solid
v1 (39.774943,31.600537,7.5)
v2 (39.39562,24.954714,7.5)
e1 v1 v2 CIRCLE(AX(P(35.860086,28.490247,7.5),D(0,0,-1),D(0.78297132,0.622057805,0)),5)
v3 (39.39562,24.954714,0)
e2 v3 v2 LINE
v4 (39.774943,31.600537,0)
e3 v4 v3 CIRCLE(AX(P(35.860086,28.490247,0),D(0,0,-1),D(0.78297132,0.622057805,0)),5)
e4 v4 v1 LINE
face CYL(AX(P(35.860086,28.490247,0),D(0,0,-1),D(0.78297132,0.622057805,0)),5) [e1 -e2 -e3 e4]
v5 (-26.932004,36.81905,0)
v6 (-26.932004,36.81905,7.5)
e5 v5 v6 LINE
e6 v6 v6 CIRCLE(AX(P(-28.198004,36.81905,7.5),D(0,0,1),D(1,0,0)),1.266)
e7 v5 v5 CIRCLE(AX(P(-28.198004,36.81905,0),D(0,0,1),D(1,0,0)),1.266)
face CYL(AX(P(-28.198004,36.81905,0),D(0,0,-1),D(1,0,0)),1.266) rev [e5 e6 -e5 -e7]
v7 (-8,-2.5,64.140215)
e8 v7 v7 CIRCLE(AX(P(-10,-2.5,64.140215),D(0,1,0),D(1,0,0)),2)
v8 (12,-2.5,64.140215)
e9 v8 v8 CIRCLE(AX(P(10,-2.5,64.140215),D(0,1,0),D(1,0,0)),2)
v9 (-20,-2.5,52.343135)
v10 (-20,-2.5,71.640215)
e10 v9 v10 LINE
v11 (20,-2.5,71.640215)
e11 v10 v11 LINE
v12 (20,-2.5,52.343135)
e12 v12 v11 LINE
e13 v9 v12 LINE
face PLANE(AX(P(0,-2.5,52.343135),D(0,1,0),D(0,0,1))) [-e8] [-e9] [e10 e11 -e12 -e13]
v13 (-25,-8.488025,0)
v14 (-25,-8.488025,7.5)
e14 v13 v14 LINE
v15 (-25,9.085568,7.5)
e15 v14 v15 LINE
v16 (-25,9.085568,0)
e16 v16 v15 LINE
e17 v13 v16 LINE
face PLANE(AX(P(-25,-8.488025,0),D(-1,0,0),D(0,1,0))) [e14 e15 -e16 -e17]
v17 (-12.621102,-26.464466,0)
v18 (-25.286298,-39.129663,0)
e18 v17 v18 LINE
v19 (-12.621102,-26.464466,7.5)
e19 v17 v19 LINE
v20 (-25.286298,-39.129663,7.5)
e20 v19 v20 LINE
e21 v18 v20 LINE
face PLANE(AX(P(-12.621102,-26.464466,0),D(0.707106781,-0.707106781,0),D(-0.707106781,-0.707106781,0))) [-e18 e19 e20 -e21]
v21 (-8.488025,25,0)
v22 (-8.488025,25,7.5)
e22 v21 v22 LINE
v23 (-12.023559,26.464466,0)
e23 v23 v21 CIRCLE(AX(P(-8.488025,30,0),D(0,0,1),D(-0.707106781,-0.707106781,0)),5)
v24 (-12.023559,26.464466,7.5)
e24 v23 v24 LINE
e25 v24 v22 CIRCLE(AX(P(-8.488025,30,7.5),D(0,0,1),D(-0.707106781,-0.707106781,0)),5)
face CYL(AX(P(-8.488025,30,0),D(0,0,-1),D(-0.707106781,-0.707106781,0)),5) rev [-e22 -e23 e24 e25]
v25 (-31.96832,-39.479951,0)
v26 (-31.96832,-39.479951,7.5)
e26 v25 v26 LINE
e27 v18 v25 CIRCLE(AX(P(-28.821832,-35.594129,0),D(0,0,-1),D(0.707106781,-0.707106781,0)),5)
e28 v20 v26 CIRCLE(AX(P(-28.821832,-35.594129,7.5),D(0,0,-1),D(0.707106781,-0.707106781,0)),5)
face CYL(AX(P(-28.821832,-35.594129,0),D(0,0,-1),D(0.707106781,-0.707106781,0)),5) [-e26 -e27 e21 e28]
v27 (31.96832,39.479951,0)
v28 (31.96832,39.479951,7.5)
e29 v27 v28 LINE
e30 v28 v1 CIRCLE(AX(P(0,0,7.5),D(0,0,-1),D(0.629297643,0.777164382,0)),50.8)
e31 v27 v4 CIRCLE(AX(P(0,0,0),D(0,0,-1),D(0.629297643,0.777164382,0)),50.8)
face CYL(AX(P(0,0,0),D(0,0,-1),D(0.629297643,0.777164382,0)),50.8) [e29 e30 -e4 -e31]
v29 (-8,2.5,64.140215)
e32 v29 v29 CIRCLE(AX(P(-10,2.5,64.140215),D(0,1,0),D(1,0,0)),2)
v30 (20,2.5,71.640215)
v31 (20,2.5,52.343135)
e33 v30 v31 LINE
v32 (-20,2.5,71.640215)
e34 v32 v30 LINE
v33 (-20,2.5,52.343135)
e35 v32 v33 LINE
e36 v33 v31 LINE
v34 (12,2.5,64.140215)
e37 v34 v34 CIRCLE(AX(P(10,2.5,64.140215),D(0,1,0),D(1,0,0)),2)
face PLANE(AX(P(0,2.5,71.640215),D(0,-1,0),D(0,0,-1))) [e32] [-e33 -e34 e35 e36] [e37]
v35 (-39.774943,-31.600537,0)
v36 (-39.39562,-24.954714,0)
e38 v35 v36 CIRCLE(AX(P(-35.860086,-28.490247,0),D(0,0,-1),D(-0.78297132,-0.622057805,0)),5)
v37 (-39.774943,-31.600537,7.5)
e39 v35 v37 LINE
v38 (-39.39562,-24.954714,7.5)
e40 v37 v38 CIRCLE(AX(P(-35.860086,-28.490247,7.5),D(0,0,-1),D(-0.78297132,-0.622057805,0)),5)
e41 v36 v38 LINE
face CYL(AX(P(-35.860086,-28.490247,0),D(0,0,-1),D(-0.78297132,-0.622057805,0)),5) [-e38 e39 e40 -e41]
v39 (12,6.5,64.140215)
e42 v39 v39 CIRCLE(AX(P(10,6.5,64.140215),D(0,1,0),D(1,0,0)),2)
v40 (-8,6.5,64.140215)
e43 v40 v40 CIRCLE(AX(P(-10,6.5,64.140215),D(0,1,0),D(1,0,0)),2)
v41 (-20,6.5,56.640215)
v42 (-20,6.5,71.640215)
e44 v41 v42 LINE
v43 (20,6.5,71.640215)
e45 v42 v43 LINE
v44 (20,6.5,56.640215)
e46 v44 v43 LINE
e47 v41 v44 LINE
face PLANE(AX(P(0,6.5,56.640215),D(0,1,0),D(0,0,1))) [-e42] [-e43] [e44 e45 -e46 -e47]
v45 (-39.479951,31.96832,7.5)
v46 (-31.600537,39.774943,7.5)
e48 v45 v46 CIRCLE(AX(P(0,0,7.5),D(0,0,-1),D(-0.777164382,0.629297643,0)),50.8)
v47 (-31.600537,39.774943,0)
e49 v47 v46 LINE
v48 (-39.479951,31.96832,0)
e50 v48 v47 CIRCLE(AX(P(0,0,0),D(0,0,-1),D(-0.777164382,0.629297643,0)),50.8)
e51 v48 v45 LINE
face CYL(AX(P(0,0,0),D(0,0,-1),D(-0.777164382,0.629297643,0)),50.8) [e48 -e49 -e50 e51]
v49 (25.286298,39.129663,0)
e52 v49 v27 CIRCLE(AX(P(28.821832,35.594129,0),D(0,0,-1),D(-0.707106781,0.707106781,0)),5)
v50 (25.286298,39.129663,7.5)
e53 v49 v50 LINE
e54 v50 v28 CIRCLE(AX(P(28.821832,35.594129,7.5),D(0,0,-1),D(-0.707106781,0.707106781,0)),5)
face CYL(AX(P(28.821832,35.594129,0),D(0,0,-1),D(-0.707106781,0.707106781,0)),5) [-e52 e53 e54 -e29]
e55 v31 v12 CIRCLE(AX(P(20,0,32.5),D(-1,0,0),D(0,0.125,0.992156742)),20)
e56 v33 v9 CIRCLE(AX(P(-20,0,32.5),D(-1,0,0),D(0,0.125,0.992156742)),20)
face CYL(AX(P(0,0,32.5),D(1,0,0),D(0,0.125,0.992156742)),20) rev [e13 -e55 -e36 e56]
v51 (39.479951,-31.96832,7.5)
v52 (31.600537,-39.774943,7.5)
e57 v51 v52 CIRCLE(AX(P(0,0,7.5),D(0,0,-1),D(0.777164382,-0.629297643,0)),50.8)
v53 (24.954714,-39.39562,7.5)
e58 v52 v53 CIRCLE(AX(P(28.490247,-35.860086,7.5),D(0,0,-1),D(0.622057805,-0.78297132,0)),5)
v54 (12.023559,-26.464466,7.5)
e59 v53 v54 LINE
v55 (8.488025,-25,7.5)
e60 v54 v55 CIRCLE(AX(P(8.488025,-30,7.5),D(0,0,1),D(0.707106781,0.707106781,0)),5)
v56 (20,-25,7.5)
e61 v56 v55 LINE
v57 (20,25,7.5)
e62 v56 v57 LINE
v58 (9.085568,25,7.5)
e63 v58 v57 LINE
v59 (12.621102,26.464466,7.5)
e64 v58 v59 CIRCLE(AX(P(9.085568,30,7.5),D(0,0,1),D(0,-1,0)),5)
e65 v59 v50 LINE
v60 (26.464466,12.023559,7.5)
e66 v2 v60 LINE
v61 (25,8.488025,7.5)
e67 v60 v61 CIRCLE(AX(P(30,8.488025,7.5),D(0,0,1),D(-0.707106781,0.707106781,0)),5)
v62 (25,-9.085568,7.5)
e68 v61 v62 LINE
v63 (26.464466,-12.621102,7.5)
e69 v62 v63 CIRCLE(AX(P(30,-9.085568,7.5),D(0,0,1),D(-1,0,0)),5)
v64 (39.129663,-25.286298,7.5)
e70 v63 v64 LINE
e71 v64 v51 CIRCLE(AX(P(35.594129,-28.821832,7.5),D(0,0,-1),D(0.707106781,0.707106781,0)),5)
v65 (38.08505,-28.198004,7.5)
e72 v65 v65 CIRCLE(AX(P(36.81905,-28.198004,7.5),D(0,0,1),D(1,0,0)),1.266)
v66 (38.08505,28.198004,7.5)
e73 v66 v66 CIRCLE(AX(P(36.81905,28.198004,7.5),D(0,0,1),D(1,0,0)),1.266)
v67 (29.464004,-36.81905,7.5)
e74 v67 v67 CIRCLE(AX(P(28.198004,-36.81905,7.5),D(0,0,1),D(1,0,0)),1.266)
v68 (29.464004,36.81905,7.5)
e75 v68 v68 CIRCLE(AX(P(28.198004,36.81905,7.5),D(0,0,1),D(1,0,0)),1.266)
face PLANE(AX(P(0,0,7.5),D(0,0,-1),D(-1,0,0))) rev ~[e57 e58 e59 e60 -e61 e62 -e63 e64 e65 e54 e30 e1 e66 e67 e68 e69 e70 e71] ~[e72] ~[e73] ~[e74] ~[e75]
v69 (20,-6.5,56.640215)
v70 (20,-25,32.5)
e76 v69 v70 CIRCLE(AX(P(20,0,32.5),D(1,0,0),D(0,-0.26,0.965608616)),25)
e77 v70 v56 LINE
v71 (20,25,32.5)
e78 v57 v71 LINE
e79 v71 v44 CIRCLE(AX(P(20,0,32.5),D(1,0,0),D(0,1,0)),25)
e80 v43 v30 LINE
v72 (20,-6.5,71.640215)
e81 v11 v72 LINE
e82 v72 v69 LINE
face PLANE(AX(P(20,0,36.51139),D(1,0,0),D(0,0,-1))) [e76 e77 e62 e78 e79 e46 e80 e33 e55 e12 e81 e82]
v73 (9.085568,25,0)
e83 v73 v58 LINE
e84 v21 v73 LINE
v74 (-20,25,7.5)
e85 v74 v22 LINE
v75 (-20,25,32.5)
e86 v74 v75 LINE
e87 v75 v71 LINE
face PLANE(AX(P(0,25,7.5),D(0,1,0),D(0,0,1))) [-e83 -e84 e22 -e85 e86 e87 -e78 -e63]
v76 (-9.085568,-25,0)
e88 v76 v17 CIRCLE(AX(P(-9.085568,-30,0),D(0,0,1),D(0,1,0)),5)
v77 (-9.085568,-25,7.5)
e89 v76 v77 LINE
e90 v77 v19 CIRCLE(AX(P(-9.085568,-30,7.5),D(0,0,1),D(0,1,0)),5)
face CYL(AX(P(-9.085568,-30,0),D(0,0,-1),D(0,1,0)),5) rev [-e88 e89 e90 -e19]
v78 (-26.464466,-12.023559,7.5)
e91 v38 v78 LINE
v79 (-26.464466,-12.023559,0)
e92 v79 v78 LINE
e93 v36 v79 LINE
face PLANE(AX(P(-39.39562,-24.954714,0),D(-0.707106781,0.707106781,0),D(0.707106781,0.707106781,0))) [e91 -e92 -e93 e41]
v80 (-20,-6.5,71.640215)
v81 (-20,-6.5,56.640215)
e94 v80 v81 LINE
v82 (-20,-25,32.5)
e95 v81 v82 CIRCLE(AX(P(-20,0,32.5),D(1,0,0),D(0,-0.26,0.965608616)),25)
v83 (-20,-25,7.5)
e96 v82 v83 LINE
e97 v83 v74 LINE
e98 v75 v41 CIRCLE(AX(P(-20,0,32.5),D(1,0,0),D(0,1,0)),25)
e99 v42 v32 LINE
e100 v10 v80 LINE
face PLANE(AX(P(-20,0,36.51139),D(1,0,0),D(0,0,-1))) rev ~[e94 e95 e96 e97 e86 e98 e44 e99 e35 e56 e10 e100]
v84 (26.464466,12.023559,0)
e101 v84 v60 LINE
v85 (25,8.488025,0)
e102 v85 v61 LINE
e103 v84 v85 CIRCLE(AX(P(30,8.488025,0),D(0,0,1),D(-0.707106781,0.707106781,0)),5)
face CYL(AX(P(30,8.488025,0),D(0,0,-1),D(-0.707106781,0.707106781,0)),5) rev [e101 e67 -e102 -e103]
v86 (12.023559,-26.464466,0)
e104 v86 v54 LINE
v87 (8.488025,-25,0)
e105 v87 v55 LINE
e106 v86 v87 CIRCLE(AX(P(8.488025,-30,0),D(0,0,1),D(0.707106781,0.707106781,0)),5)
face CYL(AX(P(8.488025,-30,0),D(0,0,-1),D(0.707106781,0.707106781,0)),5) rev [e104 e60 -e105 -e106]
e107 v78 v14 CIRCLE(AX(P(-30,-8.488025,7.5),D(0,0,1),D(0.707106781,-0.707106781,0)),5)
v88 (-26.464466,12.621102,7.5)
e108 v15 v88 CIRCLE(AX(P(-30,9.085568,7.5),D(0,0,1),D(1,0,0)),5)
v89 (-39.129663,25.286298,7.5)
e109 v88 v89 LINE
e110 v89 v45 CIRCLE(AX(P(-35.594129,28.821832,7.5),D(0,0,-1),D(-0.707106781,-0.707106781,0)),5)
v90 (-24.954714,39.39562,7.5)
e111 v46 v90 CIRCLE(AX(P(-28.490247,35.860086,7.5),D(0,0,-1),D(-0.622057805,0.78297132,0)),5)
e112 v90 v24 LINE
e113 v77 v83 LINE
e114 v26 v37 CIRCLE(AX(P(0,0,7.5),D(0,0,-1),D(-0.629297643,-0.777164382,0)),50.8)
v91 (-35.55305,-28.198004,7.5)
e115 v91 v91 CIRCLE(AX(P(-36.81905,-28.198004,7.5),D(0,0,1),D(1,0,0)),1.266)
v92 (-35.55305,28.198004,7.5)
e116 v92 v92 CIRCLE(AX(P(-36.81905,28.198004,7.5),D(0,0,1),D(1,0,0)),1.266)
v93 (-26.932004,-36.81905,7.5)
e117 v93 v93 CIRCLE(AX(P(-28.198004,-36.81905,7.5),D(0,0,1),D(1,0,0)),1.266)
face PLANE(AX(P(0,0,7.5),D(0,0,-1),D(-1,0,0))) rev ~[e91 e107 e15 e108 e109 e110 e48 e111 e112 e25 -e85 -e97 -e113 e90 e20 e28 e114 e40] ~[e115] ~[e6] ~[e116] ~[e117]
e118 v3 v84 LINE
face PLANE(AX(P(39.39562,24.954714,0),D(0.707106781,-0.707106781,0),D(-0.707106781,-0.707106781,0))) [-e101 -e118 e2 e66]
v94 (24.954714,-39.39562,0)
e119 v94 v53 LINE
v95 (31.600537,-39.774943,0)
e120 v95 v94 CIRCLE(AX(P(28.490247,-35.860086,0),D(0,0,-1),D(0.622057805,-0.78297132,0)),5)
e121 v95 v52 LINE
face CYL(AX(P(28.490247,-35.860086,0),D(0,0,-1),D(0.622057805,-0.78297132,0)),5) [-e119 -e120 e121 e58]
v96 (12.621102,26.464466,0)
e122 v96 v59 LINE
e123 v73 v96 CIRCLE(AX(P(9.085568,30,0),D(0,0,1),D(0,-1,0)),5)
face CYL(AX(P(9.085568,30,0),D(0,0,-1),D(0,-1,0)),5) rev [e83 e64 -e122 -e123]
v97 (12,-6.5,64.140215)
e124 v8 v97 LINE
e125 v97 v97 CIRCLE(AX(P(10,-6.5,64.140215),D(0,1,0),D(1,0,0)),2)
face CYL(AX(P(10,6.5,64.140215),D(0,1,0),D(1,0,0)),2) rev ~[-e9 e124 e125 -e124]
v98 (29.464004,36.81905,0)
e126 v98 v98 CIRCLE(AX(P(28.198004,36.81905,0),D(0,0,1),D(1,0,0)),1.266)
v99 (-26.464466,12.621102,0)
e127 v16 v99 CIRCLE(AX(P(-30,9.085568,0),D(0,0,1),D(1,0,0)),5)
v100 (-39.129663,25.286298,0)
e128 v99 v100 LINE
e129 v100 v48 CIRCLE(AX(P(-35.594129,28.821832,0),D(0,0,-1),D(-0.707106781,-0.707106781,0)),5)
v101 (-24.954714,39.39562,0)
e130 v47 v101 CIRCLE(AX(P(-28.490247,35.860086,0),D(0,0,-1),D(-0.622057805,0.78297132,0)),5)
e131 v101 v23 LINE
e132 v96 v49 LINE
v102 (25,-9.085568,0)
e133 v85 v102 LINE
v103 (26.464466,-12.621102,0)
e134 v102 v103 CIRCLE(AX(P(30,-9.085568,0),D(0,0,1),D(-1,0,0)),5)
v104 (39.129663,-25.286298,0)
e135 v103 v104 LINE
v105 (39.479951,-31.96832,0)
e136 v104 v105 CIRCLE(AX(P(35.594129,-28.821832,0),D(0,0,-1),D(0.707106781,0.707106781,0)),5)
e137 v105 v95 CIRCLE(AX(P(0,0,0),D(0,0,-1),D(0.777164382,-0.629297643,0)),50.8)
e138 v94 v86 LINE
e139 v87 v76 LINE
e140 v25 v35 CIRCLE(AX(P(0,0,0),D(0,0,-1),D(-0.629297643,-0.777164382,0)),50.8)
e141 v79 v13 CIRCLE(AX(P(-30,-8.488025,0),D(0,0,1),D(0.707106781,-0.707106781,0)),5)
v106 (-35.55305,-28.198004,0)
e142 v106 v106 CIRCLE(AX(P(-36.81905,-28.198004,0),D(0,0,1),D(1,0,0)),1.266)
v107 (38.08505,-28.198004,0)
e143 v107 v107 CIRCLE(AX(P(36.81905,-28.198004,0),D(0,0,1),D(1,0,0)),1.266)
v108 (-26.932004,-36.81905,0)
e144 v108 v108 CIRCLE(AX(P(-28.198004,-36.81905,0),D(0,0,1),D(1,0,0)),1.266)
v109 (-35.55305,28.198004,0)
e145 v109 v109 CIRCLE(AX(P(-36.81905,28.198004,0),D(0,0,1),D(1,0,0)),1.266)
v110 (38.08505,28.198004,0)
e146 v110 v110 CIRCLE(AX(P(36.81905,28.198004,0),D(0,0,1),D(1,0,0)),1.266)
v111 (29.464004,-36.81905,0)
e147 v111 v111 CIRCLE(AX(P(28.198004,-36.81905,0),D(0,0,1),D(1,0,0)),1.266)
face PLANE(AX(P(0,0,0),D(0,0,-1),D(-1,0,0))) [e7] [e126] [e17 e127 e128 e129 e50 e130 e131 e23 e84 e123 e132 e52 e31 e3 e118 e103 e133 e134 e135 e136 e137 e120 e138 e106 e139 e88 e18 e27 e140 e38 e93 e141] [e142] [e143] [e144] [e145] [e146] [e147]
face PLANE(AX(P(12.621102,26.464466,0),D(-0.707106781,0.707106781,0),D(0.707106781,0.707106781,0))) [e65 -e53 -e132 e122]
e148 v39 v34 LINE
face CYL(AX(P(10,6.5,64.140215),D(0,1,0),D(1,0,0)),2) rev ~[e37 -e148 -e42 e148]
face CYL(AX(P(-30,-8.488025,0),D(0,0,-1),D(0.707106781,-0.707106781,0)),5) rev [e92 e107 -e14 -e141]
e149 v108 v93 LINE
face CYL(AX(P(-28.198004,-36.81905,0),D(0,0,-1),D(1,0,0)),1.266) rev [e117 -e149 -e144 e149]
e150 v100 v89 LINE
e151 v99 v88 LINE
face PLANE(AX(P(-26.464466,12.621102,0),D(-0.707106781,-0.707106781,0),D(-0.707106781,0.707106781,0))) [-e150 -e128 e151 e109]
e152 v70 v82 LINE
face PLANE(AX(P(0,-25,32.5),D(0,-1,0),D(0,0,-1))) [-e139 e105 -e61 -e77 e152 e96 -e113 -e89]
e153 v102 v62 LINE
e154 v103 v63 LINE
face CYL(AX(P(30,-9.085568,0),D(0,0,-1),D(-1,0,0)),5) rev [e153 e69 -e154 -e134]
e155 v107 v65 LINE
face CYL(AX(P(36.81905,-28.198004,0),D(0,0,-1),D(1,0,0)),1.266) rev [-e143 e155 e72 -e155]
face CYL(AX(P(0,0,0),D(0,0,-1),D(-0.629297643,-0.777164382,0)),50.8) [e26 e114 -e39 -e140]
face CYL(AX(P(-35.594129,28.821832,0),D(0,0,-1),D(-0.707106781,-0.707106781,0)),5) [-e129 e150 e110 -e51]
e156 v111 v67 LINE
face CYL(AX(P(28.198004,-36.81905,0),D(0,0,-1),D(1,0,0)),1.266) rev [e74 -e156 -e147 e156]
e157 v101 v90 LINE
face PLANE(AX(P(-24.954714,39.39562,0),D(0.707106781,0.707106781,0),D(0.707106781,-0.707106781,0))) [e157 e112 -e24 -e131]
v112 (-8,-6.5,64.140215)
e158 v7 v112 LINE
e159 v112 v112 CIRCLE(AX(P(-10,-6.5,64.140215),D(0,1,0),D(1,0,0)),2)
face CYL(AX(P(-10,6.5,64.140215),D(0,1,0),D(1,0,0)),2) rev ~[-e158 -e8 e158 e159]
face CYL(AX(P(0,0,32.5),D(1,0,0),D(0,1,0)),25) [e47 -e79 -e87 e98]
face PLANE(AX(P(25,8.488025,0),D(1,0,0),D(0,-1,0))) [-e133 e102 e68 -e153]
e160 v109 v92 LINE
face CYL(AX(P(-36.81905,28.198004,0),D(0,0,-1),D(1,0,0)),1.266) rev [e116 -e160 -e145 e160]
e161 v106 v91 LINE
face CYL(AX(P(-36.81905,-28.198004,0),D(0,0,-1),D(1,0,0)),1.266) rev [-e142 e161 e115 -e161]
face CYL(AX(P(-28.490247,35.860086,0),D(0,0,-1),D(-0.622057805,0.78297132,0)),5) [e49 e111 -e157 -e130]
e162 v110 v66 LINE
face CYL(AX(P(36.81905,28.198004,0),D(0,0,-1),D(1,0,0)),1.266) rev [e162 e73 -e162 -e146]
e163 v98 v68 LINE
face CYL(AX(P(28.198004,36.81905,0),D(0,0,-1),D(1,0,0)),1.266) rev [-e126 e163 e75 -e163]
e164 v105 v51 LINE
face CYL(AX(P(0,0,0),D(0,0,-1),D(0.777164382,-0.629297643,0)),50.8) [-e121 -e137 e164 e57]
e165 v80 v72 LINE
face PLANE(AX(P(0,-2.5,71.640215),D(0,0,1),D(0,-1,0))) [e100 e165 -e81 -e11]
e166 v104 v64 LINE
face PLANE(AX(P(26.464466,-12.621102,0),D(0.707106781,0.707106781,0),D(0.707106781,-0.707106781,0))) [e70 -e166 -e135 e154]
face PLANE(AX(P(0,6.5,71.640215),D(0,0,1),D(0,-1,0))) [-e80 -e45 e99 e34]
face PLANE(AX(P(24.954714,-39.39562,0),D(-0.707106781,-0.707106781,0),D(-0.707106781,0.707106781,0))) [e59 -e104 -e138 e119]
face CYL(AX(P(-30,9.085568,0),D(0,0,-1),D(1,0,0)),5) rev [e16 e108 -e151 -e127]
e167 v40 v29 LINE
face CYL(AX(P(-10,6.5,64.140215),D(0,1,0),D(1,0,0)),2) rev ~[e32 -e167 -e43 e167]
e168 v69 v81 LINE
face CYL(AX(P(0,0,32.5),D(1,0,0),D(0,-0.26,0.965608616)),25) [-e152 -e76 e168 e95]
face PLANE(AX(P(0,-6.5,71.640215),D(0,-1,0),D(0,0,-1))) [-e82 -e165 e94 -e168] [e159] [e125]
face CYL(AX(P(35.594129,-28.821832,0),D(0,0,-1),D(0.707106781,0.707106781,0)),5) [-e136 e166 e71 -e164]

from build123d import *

# Parameters (mm, degrees)
SKETCH8_R           = 1.266
BOSS_EXTRUDE3_DEPTH = 7.5
BOSS_EXTRUDE4_DEPTH = 20
SKETCH10_R          = 2
CUT_EXTRUDE3_DEPTH  = 13


with BuildPart() as part:
    # Sketch8 → Boss-Extrude3 (new body)
    with BuildSketch(Plane.XY):
        with BuildLine():
            Line((-26.464466094, 12.621101614), (-39.129662609, 25.286298129))
            ThreePointArc((-39.129662609, 25.286298129), (-40.587272547, 28.560079176), (-39.479950614, 31.968320248))
            ThreePointArc((-39.479950614, 31.968320248), (-35.753947361, 36.087328082), (-31.600536501, 39.774943028))
            ThreePointArc((-31.600536501, 39.774943028), (-28.205326911, 40.851961857), (-24.954713569, 39.395620337))
            Line((-24.954713569, 39.395620337), (-12.023559327, 26.464466094))
            ThreePointArc((-12.023559327, 26.464466094), (-10.401442583, 25.380602337), (-8.488025421, 25))
            Line((-8.488025421, 25), (9.085567708, 25))
            ThreePointArc((9.085567708, 25), (10.99898487, 25.380602337), (12.621101614, 26.464466094))
            Line((12.621101614, 26.464466094), (25.286298129, 39.129662609))
            ThreePointArc((25.286298129, 39.129662609), (28.560079176, 40.587272547), (31.968320248, 39.479950614))
            ThreePointArc((31.968320248, 39.479950614), (36.087328082, 35.753947361), (39.774943028, 31.600536501))
            ThreePointArc((39.774943028, 31.600536501), (40.851961857, 28.205326911), (39.395620337, 24.954713569))
            Line((39.395620337, 24.954713569), (26.464466094, 12.023559327))
            ThreePointArc((26.464466094, 12.023559327), (25.380602337, 10.401442583), (25, 8.488025421))
            Line((25, 8.488025421), (25, -9.085567708))
            ThreePointArc((25, -9.085567708), (25.380602337, -10.99898487), (26.464466094, -12.621101614))
            Line((26.464466094, -12.621101614), (39.129662609, -25.286298129))
            ThreePointArc((39.129662609, -25.286298129), (40.587272547, -28.560079176), (39.479950614, -31.968320248))
            ThreePointArc((39.479950614, -31.968320248), (35.753947361, -36.087328082), (31.600536501, -39.774943028))
            ThreePointArc((31.600536501, -39.774943028), (28.205326911, -40.851961857), (24.954713569, -39.395620337))
            Line((24.954713569, -39.395620337), (12.023559327, -26.464466094))
            ThreePointArc((12.023559327, -26.464466094), (10.401442583, -25.380602337), (8.488025421, -25))
            Line((8.488025421, -25), (-9.085567708, -25))
            ThreePointArc((-9.085567708, -25), (-10.99898487, -25.380602337), (-12.621101614, -26.464466094))
            Line((-12.621101614, -26.464466094), (-25.286298129, -39.129662609))
            ThreePointArc((-25.286298129, -39.129662609), (-28.560079176, -40.587272547), (-31.968320248, -39.479950614))
            ThreePointArc((-31.968320248, -39.479950614), (-36.087328082, -35.753947361), (-39.774943028, -31.600536501))
            ThreePointArc((-39.774943028, -31.600536501), (-40.851961857, -28.205326911), (-39.395620337, -24.954713569))
            Line((-39.395620337, -24.954713569), (-26.464466094, -12.023559327))
            ThreePointArc((-26.464466094, -12.023559327), (-25.380602337, -10.401442583), (-25, -8.488025421))
            Line((-25, -8.488025421), (-25, 9.085567708))
            ThreePointArc((-25, 9.085567708), (-25.380602337, 10.99898487), (-26.464466094, 12.621101614))
        make_face()
        with Locations((-28.19800422, -36.819050096)):
            Circle(SKETCH8_R, mode=Mode.SUBTRACT)
        with Locations((-36.819050096, -28.19800422)):
            Circle(SKETCH8_R, mode=Mode.SUBTRACT)
        with Locations((-36.819050096, 28.19800422)):
            Circle(SKETCH8_R, mode=Mode.SUBTRACT)
        with Locations((-28.19800422, 36.819050096)):
            Circle(SKETCH8_R, mode=Mode.SUBTRACT)
        with Locations((28.19800422, 36.819050096)):
            Circle(SKETCH8_R, mode=Mode.SUBTRACT)
        with Locations((36.819050096, 28.19800422)):
            Circle(SKETCH8_R, mode=Mode.SUBTRACT)
        with Locations((36.819050096, -28.19800422)):
            Circle(SKETCH8_R, mode=Mode.SUBTRACT)
        with Locations((28.19800422, -36.819050096)):
            Circle(SKETCH8_R, mode=Mode.SUBTRACT)
    extrude(amount=BOSS_EXTRUDE3_DEPTH)

    # Sketch9 → Boss-Extrude4 (add, symmetric)
    with BuildSketch(Plane(origin=(0, 0, 0), x_dir=(0, 0, -1), z_dir=(1, 0, 0))):
        with BuildLine():
            Line((-7.5, -25), (-7.5, 25))
            Line((-7.5, 25), (-32.5, 25))
            ThreePointArc((-32.5, 25), (-47.706906326, 19.843134833), (-56.640215409, 6.5))
            Line((-56.640215409, 6.5), (-71.640215409, 6.5))
            Line((-71.640215409, 6.5), (-71.640215409, 2.5))
            Line((-71.640215409, 2.5), (-52.343134833, 2.5))
            ThreePointArc((-52.343134833, 2.5), (-12.5, 0), (-52.343134833, -2.5))
            Line((-52.343134833, -2.5), (-71.640215409, -2.5))
            Line((-71.640215409, -2.5), (-71.640215409, -6.5))
            Line((-71.640215409, -6.5), (-56.640215409, -6.5))
            ThreePointArc((-56.640215409, -6.5), (-47.706906326, -19.843134833), (-32.5, -25))
            Line((-32.5, -25), (-7.5, -25))
        make_face()
    extrude(amount=BOSS_EXTRUDE4_DEPTH, both=True)

    # Sketch10 → Cut-Extrude3 (cut)
    with BuildSketch(Plane(origin=(0, 6.5, 0), x_dir=(1, 0, 0), z_dir=(0, 1, 0))):
        with Locations((-10, -64.140215409)):
            Circle(SKETCH10_R)
        with Locations((10, -64.140215409)):
            Circle(SKETCH10_R)
    extrude(amount=-CUT_EXTRUDE3_DEPTH, mode=Mode.SUBTRACT)


solid = part.part
